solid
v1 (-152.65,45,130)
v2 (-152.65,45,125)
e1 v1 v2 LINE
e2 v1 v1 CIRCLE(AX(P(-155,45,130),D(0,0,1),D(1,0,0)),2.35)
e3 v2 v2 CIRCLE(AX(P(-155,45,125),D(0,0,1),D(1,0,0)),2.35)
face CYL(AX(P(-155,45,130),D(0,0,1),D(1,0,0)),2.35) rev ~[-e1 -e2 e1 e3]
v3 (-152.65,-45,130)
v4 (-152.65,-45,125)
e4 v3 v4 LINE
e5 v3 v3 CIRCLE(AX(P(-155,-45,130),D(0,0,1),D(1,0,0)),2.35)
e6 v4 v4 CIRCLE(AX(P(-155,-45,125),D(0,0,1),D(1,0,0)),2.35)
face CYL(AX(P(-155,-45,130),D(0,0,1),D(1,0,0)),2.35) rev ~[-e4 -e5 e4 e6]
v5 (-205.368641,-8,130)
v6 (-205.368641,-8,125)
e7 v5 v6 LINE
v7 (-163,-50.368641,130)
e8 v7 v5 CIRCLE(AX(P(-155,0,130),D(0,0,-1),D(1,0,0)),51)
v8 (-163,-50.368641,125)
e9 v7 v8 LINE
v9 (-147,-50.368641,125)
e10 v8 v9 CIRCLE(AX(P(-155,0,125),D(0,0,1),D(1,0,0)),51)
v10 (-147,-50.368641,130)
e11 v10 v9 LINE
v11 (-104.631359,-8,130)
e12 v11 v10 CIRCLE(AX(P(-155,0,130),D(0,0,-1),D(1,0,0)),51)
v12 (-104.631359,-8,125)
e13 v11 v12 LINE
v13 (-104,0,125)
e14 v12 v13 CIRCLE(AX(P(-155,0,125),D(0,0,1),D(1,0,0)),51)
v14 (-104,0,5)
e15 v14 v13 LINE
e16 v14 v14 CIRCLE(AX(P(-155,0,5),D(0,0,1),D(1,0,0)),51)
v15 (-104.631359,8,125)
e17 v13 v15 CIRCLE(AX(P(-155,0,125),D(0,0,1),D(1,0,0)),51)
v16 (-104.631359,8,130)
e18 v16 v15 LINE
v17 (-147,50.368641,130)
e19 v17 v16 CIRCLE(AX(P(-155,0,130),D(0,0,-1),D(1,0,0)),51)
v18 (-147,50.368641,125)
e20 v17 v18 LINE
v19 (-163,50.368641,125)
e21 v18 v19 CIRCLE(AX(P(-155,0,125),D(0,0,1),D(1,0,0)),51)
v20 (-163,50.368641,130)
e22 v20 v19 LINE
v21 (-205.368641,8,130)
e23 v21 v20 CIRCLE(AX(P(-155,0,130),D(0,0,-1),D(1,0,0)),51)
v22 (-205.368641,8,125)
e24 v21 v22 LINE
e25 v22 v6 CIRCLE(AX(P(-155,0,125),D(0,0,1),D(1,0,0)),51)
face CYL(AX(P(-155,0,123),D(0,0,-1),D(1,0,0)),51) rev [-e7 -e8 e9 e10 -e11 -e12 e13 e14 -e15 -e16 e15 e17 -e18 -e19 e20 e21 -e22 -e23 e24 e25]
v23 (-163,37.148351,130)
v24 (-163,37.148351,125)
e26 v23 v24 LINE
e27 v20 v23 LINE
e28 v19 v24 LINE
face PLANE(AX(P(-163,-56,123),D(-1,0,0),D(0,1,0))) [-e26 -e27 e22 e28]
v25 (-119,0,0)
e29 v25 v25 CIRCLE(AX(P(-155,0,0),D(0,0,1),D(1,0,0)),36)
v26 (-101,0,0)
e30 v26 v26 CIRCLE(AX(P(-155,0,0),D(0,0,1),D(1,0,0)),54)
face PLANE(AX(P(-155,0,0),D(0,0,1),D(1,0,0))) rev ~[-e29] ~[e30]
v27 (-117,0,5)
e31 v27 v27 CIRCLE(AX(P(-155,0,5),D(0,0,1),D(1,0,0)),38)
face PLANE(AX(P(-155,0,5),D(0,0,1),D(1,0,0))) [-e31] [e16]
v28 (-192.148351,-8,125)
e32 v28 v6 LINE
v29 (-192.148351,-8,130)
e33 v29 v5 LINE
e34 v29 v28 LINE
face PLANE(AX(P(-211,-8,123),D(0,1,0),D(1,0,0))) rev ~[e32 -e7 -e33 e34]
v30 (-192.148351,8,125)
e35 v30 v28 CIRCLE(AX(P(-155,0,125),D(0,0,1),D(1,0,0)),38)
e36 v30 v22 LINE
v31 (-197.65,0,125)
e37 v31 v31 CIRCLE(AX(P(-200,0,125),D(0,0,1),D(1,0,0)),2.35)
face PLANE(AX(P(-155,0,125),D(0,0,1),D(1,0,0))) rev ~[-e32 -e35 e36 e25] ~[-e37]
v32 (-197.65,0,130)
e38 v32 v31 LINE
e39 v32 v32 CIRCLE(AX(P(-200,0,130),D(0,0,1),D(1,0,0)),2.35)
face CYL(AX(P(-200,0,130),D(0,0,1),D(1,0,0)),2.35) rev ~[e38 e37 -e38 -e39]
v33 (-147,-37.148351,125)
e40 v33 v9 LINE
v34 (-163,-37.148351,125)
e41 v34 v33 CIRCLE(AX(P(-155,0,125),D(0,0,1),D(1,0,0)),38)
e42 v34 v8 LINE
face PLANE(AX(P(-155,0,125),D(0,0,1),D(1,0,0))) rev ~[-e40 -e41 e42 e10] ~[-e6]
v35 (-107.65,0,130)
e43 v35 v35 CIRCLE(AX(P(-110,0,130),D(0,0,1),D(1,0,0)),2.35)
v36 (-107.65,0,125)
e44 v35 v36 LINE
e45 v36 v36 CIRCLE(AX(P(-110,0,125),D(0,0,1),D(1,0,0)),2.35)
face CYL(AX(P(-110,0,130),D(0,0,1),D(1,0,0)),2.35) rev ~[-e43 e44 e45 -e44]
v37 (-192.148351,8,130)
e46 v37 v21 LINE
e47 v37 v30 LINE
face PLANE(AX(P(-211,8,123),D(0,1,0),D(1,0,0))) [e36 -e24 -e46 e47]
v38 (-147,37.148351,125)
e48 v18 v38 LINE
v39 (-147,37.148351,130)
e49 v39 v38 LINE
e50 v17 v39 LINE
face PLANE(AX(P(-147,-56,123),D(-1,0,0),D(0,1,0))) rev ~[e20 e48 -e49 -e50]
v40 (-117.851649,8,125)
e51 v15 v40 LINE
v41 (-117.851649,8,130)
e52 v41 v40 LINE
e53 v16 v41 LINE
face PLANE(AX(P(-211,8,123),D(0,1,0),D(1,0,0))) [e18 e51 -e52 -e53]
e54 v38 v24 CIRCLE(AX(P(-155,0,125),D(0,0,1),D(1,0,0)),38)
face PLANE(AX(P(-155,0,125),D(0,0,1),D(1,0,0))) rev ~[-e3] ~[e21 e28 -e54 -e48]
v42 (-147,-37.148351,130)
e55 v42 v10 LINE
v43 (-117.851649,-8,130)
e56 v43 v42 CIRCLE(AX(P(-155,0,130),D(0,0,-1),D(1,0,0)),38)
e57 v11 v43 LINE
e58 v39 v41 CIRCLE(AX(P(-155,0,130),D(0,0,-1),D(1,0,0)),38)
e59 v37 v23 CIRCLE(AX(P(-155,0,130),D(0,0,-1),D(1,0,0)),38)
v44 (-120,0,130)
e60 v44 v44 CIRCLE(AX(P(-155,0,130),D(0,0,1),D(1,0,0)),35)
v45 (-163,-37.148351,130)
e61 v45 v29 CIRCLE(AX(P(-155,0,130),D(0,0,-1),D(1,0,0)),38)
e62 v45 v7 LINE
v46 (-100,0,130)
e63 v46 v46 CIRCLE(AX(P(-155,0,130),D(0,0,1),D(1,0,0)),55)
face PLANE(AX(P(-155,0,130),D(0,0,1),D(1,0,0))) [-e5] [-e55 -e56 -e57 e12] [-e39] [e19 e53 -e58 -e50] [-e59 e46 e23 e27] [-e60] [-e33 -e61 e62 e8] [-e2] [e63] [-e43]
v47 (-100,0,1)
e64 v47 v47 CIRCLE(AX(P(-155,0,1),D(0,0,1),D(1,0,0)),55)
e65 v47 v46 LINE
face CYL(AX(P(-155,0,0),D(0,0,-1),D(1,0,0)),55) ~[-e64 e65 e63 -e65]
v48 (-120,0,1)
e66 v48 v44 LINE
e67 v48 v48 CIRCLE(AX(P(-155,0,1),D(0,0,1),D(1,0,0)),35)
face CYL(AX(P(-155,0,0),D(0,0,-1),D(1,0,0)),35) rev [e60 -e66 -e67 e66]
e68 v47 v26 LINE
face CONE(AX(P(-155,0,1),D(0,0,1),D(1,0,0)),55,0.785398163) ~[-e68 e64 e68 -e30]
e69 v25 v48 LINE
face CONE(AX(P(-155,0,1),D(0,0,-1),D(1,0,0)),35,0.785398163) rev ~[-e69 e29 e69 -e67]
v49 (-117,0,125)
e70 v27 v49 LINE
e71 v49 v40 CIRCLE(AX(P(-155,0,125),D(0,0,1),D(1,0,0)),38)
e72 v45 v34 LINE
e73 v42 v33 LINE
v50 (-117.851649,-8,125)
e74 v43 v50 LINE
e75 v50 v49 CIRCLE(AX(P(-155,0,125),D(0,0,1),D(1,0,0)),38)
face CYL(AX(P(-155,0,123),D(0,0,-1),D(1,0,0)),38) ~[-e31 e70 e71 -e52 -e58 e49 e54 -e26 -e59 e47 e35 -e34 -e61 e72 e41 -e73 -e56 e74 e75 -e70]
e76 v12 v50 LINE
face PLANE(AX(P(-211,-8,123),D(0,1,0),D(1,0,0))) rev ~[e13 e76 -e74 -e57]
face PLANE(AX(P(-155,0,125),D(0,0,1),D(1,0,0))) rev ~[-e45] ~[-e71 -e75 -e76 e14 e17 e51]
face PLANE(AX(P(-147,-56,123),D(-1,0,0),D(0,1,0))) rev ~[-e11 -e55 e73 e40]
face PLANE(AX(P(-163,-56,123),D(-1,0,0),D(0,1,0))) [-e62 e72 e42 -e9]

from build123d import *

# Parameters (mm, degrees)
BOX_W             = 16
BOX_H             = 108
BOX_DEPTH         = 10
BOX001_W          = 128
BOX001_H          = 16
BOX001_DEPTH      = 10
CYLINDER001_R     = 38
CYLINDER001_DEPTH = 10
CYLINDER_R        = 51
CYLINDER_DEPTH    = 10
SKETCH001_R       = 51
SKETCH001_R_2     = 38
PAD001_DEPTH      = 120
SKETCH_R          = 55
SKETCH_R_2        = 35
PAD_DEPTH         = 130
SKETCH002_R       = 2.35
POCKET_DEPTH      = 5
CHAMFER_SIZE      = 1


with BuildPart() as cube:
    # Box → Box (new body)
    with BuildSketch(Plane(origin=(-8, -56, 0), x_dir=(1, 0, 0), z_dir=(0, 0, 1))):
        with Locations((8, 54)):
            Rectangle(BOX_W, BOX_H)
    extrude(amount=BOX_DEPTH)


with BuildPart() as fusion:
    # Box001 → Box001 (new body)
    with BuildSketch(Plane(origin=(-56, -8, 0), x_dir=(1, 0, 0), z_dir=(0, 0, 1))):
        with Locations((64, 8)):
            Rectangle(BOX001_W, BOX001_H)
    extrude(amount=BOX001_DEPTH)

    # Fusion: union Cube
    add(cube.part)


with BuildPart() as cylinder001:
    # Cylinder001 → Cylinder001 (new body)
    with BuildSketch(Plane.XY):
        Circle(CYLINDER001_R)
    extrude(amount=CYLINDER001_DEPTH)


with BuildPart() as cut002:
    # Cylinder → Cylinder (new body)
    with BuildSketch(Plane.XY):
        Circle(CYLINDER_R)
    extrude(amount=CYLINDER_DEPTH)

    # Cut001: cut Cylinder001
    add(cylinder001.part, mode=Mode.SUBTRACT)

    # Cut002: cut Fusion
    add(fusion.part, mode=Mode.SUBTRACT)


with BuildPart() as cut002_1:
    # Cut002 placement: moved
    add(cut002.part.moved(Location((0, 0, 123))))


with BuildPart() as body001:
    # Sketch001 → Pad001 (new body)
    with BuildSketch(Plane.XY):
        Circle(SKETCH001_R)
        Circle(SKETCH001_R_2, mode=Mode.SUBTRACT)
    extrude(amount=PAD001_DEPTH)


with BuildPart() as body001_1:
    # Body001 placement: moved
    add(body001.part.moved(Location((0, 0, 5))))


with BuildPart() as chamfer_body:
    # Sketch → Pad (new body)
    with BuildSketch(Plane.XY):
        Circle(SKETCH_R)
        Circle(SKETCH_R_2, mode=Mode.SUBTRACT)
    extrude(amount=PAD_DEPTH)

    # Sketch002 (on Face4 of Pad) → Pocket (cut)
    with BuildSketch(Plane.XY.offset(130)):
        with Locations((-45, 0)):
            Circle(SKETCH002_R)
        with Locations((45, 0)):
            Circle(SKETCH002_R)
        with Locations((0, 45)):
            Circle(SKETCH002_R)
        with Locations((0, -45)):
            Circle(SKETCH002_R)
    extrude(amount=-POCKET_DEPTH, mode=Mode.SUBTRACT)

    # Cut: cut Body001
    add(body001_1.part, mode=Mode.SUBTRACT)

    # Cut003: cut Cut002
    add(cut002_1.part, mode=Mode.SUBTRACT)


with BuildPart() as chamfer_body_1:
    # Cut003 placement: moved
    add(chamfer_body.part.moved(Location((-155, 0, 0))))

    # Chamfer
    chamfer_edges = [chamfer_body_1.edges().sort_by_distance(p)[0] for p in [
        (-210, 0, 0),
        (-190, 0, 0),
    ]]
    chamfer(chamfer_edges, length=CHAMFER_SIZE)


solid = chamfer_body_1.part
